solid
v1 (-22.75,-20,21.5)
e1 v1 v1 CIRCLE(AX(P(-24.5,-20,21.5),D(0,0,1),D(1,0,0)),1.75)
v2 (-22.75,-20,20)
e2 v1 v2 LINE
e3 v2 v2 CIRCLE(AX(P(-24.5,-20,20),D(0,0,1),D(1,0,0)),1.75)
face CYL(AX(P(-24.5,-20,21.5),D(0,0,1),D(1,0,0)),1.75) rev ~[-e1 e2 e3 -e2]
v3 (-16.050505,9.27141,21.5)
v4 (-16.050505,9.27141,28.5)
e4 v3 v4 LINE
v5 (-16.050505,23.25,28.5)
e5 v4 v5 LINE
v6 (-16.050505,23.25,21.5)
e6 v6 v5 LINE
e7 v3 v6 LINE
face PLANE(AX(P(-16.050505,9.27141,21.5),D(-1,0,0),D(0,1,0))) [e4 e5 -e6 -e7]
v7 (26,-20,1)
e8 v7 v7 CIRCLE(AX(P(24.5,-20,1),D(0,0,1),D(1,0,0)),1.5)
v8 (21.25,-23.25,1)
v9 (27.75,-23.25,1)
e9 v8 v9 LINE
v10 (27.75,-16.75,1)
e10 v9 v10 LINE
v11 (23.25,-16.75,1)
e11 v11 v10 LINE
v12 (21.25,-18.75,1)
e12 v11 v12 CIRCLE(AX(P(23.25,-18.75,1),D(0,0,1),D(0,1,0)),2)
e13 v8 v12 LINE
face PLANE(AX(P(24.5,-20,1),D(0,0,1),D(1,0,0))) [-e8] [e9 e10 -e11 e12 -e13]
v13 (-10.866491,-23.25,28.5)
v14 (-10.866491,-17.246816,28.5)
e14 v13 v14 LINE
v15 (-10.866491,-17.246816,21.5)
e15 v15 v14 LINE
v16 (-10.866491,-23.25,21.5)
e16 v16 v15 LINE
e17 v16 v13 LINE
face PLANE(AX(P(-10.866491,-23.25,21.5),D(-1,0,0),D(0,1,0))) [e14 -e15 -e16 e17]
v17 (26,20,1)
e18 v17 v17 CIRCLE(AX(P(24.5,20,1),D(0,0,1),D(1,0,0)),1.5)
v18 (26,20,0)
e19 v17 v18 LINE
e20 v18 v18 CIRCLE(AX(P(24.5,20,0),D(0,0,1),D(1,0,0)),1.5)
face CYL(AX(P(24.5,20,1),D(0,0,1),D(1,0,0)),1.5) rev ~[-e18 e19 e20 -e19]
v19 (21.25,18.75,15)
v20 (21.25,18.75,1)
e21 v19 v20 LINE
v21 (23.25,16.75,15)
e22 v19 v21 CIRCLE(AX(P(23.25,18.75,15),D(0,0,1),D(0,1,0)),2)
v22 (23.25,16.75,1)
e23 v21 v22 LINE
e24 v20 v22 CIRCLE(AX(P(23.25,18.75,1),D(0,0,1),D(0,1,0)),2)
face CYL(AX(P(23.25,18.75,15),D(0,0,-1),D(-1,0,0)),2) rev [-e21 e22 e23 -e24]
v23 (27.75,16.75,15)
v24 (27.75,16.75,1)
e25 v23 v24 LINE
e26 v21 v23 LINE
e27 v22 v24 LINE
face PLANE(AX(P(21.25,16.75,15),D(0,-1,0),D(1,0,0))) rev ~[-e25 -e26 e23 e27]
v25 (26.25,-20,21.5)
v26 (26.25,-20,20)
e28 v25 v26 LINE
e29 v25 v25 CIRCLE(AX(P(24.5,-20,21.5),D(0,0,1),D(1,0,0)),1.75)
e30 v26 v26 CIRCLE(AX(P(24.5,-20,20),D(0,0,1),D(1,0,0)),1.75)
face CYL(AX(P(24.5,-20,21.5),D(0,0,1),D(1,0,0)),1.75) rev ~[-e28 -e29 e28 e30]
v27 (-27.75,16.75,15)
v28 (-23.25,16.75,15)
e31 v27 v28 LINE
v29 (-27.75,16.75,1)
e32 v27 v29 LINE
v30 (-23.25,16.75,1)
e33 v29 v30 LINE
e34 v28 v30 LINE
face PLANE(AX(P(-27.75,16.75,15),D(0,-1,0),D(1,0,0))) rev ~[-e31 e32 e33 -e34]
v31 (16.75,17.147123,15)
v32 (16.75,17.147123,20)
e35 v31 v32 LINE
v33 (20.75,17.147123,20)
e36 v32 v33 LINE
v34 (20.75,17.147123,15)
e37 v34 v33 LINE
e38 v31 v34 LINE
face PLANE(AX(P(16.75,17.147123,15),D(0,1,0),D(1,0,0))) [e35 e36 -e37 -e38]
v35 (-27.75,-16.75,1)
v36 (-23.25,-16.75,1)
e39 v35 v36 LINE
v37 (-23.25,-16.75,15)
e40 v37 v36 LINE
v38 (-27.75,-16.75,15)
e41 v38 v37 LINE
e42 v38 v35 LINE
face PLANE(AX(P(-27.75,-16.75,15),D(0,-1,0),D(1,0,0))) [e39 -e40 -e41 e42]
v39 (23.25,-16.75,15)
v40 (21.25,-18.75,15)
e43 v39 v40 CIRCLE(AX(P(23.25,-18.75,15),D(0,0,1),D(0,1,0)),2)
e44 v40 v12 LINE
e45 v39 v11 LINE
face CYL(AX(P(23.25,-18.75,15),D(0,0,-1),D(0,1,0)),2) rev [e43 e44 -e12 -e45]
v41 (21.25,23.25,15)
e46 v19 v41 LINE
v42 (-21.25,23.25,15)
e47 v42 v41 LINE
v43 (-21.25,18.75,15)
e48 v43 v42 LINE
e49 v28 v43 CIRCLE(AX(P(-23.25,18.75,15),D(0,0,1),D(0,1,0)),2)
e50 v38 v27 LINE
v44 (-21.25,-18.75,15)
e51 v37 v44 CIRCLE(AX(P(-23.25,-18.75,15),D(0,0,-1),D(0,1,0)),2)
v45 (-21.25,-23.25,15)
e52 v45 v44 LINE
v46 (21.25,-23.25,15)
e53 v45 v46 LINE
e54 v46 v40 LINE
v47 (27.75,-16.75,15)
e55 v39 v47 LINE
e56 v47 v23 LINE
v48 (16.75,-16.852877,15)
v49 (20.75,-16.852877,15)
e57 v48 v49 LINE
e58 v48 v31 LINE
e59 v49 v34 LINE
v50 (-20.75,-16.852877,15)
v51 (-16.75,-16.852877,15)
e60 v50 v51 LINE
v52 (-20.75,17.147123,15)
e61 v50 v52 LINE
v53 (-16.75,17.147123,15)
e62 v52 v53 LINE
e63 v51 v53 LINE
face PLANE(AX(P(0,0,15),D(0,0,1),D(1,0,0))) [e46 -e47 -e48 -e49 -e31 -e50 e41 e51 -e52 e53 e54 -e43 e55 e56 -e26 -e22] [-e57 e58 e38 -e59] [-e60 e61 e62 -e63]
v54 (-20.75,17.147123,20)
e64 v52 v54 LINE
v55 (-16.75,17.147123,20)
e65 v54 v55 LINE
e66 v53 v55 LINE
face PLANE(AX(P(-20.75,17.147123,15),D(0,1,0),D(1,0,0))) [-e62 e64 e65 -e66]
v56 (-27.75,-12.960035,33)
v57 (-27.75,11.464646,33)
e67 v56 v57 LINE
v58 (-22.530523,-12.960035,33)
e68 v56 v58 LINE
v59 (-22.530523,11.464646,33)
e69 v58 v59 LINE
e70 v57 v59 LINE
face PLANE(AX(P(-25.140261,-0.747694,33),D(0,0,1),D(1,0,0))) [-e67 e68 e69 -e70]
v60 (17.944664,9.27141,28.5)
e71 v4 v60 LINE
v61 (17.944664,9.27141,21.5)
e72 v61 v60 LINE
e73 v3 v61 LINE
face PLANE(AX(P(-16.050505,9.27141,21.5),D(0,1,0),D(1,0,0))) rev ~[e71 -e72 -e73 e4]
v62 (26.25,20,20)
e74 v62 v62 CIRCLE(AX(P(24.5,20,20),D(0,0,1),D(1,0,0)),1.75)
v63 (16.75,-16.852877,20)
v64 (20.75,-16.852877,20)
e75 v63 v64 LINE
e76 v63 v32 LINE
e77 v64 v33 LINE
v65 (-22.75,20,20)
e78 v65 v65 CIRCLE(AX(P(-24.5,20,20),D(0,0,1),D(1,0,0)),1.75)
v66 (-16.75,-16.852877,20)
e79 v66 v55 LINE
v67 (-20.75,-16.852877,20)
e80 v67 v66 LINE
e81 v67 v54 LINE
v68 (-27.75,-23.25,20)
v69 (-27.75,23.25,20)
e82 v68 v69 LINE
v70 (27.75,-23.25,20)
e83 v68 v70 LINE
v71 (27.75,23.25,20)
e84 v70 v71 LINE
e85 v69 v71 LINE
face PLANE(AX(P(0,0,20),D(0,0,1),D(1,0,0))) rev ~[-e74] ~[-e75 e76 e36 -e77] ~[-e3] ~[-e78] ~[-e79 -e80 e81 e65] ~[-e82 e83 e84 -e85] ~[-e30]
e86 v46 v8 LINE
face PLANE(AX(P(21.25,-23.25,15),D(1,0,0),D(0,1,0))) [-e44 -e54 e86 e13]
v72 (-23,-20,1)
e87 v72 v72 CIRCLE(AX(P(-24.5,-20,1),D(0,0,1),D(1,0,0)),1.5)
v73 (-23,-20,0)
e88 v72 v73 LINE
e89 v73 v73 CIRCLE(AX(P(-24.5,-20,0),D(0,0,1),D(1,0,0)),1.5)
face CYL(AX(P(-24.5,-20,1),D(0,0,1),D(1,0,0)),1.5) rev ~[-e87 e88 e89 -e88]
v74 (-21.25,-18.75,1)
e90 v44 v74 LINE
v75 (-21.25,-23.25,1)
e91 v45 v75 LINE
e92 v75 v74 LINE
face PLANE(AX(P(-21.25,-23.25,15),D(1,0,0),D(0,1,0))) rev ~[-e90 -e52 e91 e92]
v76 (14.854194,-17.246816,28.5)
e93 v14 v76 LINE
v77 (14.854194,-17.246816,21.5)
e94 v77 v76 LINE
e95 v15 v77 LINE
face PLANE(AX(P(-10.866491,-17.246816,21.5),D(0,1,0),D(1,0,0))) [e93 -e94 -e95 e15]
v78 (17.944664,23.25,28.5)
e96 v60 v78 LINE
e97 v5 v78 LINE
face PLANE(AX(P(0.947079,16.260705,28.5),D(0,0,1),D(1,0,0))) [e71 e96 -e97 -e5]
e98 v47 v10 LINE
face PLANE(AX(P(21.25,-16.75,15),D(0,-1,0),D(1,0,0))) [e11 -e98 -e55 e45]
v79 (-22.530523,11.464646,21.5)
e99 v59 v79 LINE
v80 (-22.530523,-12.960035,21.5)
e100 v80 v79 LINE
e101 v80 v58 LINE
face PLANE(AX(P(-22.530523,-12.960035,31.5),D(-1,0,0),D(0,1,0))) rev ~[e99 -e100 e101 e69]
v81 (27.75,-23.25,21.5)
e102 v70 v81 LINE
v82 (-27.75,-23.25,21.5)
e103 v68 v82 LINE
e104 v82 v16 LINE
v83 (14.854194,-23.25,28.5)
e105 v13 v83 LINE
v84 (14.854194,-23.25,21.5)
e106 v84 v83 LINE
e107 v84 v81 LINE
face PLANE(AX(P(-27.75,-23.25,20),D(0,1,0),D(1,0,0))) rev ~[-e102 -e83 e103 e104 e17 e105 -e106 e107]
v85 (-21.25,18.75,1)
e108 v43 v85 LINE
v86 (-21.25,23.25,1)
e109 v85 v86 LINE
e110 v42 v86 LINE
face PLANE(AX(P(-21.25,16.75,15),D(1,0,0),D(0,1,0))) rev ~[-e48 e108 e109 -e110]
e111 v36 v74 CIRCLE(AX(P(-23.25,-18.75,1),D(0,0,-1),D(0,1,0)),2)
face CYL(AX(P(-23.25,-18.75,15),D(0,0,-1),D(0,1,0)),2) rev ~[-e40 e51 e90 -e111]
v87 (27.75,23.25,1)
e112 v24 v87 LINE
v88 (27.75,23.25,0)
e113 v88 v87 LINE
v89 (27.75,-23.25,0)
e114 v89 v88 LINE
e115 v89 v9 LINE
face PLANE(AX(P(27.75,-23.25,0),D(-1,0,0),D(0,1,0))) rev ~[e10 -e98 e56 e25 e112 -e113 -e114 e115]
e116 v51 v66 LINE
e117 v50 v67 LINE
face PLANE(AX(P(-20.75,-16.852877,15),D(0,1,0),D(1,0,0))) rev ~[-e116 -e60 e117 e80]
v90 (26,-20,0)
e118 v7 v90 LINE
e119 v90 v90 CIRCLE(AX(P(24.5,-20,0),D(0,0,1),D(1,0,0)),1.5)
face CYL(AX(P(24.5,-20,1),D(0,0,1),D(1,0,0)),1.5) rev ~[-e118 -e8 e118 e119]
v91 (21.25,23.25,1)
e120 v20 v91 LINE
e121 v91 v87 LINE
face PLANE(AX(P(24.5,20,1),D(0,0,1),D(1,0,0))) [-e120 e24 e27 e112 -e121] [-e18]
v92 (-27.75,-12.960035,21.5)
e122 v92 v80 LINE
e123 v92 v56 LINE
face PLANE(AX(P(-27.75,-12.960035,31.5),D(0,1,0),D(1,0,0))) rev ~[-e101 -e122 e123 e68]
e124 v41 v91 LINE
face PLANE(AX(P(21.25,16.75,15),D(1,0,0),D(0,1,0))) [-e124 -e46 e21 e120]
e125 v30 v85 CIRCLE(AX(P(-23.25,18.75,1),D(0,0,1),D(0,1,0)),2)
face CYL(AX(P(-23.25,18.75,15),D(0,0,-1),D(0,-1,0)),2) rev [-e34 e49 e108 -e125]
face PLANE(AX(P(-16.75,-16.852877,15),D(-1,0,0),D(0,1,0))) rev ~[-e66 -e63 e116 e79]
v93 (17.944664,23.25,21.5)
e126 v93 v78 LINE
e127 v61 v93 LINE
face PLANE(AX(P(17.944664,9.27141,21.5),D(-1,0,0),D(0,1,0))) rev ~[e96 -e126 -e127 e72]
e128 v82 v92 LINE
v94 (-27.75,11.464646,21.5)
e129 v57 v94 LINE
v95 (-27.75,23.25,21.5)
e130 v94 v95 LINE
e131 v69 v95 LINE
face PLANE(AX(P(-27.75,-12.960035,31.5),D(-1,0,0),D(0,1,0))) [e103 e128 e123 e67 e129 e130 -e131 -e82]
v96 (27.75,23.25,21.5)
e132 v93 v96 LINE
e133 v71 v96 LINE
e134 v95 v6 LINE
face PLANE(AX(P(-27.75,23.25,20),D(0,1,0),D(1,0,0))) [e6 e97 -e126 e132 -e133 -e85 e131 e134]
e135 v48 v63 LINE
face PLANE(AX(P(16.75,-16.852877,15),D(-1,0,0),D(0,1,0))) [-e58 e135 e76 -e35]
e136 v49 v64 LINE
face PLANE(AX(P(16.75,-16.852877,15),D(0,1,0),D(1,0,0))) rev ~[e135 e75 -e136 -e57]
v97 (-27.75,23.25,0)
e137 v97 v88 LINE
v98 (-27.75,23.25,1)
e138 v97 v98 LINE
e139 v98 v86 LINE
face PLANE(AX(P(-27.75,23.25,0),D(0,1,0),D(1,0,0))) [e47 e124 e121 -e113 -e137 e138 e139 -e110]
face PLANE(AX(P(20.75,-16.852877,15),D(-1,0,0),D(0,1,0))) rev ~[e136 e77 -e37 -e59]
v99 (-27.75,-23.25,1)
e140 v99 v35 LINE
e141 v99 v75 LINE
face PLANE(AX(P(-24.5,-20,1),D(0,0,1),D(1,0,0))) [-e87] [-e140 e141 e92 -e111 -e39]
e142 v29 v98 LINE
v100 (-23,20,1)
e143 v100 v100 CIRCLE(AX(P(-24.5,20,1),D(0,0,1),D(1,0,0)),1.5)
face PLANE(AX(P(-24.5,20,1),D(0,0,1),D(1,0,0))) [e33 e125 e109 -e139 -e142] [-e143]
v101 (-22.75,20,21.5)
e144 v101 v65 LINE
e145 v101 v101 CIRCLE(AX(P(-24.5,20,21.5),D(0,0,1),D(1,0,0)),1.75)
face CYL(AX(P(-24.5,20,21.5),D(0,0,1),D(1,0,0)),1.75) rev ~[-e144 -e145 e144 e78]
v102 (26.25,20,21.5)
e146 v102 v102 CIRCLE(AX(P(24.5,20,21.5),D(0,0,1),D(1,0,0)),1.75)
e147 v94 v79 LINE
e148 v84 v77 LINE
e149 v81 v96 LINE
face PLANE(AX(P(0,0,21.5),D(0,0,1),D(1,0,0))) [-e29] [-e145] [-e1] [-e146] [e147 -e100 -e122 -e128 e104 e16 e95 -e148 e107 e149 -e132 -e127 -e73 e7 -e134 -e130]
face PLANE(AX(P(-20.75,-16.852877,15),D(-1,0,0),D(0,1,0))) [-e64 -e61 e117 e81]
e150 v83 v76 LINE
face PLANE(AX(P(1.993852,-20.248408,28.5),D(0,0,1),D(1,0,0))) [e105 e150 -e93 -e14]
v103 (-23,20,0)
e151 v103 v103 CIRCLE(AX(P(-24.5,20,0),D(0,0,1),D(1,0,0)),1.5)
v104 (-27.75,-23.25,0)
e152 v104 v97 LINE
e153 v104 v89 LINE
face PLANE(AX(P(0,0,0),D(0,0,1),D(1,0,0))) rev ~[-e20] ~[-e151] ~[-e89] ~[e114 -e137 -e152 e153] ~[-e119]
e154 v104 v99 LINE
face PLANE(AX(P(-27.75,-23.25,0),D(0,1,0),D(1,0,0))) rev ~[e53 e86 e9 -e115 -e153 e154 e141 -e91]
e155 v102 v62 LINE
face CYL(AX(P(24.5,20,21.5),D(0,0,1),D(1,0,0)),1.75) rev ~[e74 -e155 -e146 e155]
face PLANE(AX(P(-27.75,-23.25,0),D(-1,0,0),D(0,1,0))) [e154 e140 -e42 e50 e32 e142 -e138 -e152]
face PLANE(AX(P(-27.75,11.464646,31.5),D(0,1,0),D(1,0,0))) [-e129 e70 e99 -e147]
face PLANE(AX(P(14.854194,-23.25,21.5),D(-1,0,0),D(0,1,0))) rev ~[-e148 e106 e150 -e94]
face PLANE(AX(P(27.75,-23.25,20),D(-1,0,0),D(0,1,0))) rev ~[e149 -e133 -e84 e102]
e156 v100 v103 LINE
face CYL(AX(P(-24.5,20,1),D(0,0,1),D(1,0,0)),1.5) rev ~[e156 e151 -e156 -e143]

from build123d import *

# Parameters (mm, degrees)
SKETCH_1_W          = 55.5
SKETCH_1_H          = 46.5
EXTRUDE_1_DEPTH     = 15
SKETCH_2_W          = 6.5
SKETCH_2_H          = 6.5
CUT_EXTRUDE_1_DEPTH = 14
FILLET_1_R          = 2
SKETCH_3_W          = 4
SKETCH_3_H          = 34
EXTRUDE_2_DEPTH     = 5
SKETCH_4_W          = 55.5
SKETCH_4_H          = 46.5
EXTRUDE_3_DEPTH     = 1.5
SKETCH_5_R          = 1.5
CUT_EXTRUDE_2_DEPTH = 1
SKETCH_6_R          = 1.75
CUT_EXTRUDE_3_DEPTH = 2
SKETCH_7_W          = 33.995169083
SKETCH_7_H          = 13.97859025
SKETCH_7_W_2        = 5.219477383
SKETCH_7_H_2        = 24.424681599
SKETCH_7_W_3        = 25.720685112
SKETCH_7_H_3        = 6.003184014
EXTRUDE_4_DEPTH     = 10
SKETCH_8_W          = 33.995169083
SKETCH_8_H          = 13.97859025
SKETCH_8_W_2        = 25.720685112
SKETCH_8_H_2        = 6.003184014
CUT_EXTRUDE_4_DEPTH = 3
SKETCH_10_W         = 5.219477383
SKETCH_10_H         = 24.424681599
EXTRUDE_6_DEPTH     = 1.5


with BuildPart() as part:
    # 草图1 → 凸台-拉伸1 (new body)
    with BuildSketch(Plane.XY):
        Rectangle(SKETCH_1_W, SKETCH_1_H)
    extrude(amount=EXTRUDE_1_DEPTH)

    # 草图2 → 切除-拉伸1 (cut)
    with BuildSketch(Plane.XY.offset(15)):
        with Locations((-24.5, 20)):
            Rectangle(SKETCH_2_W, SKETCH_2_H)
        with Locations((24.5, 20)):
            Rectangle(SKETCH_2_W, SKETCH_2_H)
        with Locations((24.5, -20)):
            Rectangle(SKETCH_2_W, SKETCH_2_H)
        with Locations((-24.5, -20)):
            Rectangle(SKETCH_2_W, SKETCH_2_H)
    extrude(amount=-CUT_EXTRUDE_1_DEPTH, mode=Mode.SUBTRACT)

    # 圆角1
    fillet_1_edges = [part.edges().sort_by_distance(p)[0] for p in [
        (-21.25, 16.75, 8),
        (21.25, 16.75, 8),
        (21.25, -16.75, 8),
        (-21.25, -16.75, 8),
    ]]
    fillet(fillet_1_edges, radius=FILLET_1_R)

    # 草图3 → 凸台-拉伸2 (add)
    with BuildSketch(Plane.XY.offset(15)):
        with Locations((-18.75, 0.147123408)):
            Rectangle(SKETCH_3_W, SKETCH_3_H)
        with Locations((18.75, 0.147123408)):
            Rectangle(SKETCH_3_W, SKETCH_3_H)
    extrude(amount=EXTRUDE_2_DEPTH)

    # 草图4 → 凸台-拉伸3 (add)
    with BuildSketch(Plane.XY.offset(20)):
        Rectangle(SKETCH_4_W, SKETCH_4_H)
    extrude(amount=EXTRUDE_3_DEPTH)

    # 草图5 → 切除-拉伸2 (cut)
    with BuildSketch(Plane.XY.offset(1)):
        with Locations((24.5, 20)):
            Circle(SKETCH_5_R)
        with Locations((-24.5, 20)):
            Circle(SKETCH_5_R)
        with Locations((-24.5, -20)):
            Circle(SKETCH_5_R)
        with Locations((24.5, -20)):
            Circle(SKETCH_5_R)
    extrude(amount=-CUT_EXTRUDE_2_DEPTH, mode=Mode.SUBTRACT)

    # 草图6 → 切除-拉伸3 (cut)
    with BuildSketch(Plane.XY.offset(21.5)):
        with Locations((-24.5, 20)):
            Circle(SKETCH_6_R)
        with Locations((24.5, 20)):
            Circle(SKETCH_6_R)
        with Locations((24.5, -20)):
            Circle(SKETCH_6_R)
        with Locations((-24.5, -20)):
            Circle(SKETCH_6_R)
    extrude(amount=-CUT_EXTRUDE_3_DEPTH, mode=Mode.SUBTRACT)

    # 草图7 → 凸台-拉伸4 (add)
    with BuildSketch(Plane.XY.offset(21.5)):
        with Locations((0.947079491, 16.260704875)):
            Rectangle(SKETCH_7_W, SKETCH_7_H)
        with Locations((-25.140261309, -0.747694334)):
            Rectangle(SKETCH_7_W_2, SKETCH_7_H_2)
        with Locations((1.993851559, -20.248407993)):
            Rectangle(SKETCH_7_W_3, SKETCH_7_H_3)
    extrude(amount=EXTRUDE_4_DEPTH)

    # 草图8 → 切除-拉伸4 (cut)
    with BuildSketch(Plane.XY.offset(31.5)):
        with Locations((0.947079491, 16.260704875)):
            Rectangle(SKETCH_8_W, SKETCH_8_H)
        with Locations((1.993851559, -20.248407993)):
            Rectangle(SKETCH_8_W_2, SKETCH_8_H_2)
    extrude(amount=-CUT_EXTRUDE_4_DEPTH, mode=Mode.SUBTRACT)

    # 草图10 → 凸台-拉伸6 (add)
    with BuildSketch(Plane.XY.offset(31.5)):
        with Locations((-25.140261309, -0.747694334)):
            Rectangle(SKETCH_10_W, SKETCH_10_H)
    extrude(amount=EXTRUDE_6_DEPTH)


solid = part.part
